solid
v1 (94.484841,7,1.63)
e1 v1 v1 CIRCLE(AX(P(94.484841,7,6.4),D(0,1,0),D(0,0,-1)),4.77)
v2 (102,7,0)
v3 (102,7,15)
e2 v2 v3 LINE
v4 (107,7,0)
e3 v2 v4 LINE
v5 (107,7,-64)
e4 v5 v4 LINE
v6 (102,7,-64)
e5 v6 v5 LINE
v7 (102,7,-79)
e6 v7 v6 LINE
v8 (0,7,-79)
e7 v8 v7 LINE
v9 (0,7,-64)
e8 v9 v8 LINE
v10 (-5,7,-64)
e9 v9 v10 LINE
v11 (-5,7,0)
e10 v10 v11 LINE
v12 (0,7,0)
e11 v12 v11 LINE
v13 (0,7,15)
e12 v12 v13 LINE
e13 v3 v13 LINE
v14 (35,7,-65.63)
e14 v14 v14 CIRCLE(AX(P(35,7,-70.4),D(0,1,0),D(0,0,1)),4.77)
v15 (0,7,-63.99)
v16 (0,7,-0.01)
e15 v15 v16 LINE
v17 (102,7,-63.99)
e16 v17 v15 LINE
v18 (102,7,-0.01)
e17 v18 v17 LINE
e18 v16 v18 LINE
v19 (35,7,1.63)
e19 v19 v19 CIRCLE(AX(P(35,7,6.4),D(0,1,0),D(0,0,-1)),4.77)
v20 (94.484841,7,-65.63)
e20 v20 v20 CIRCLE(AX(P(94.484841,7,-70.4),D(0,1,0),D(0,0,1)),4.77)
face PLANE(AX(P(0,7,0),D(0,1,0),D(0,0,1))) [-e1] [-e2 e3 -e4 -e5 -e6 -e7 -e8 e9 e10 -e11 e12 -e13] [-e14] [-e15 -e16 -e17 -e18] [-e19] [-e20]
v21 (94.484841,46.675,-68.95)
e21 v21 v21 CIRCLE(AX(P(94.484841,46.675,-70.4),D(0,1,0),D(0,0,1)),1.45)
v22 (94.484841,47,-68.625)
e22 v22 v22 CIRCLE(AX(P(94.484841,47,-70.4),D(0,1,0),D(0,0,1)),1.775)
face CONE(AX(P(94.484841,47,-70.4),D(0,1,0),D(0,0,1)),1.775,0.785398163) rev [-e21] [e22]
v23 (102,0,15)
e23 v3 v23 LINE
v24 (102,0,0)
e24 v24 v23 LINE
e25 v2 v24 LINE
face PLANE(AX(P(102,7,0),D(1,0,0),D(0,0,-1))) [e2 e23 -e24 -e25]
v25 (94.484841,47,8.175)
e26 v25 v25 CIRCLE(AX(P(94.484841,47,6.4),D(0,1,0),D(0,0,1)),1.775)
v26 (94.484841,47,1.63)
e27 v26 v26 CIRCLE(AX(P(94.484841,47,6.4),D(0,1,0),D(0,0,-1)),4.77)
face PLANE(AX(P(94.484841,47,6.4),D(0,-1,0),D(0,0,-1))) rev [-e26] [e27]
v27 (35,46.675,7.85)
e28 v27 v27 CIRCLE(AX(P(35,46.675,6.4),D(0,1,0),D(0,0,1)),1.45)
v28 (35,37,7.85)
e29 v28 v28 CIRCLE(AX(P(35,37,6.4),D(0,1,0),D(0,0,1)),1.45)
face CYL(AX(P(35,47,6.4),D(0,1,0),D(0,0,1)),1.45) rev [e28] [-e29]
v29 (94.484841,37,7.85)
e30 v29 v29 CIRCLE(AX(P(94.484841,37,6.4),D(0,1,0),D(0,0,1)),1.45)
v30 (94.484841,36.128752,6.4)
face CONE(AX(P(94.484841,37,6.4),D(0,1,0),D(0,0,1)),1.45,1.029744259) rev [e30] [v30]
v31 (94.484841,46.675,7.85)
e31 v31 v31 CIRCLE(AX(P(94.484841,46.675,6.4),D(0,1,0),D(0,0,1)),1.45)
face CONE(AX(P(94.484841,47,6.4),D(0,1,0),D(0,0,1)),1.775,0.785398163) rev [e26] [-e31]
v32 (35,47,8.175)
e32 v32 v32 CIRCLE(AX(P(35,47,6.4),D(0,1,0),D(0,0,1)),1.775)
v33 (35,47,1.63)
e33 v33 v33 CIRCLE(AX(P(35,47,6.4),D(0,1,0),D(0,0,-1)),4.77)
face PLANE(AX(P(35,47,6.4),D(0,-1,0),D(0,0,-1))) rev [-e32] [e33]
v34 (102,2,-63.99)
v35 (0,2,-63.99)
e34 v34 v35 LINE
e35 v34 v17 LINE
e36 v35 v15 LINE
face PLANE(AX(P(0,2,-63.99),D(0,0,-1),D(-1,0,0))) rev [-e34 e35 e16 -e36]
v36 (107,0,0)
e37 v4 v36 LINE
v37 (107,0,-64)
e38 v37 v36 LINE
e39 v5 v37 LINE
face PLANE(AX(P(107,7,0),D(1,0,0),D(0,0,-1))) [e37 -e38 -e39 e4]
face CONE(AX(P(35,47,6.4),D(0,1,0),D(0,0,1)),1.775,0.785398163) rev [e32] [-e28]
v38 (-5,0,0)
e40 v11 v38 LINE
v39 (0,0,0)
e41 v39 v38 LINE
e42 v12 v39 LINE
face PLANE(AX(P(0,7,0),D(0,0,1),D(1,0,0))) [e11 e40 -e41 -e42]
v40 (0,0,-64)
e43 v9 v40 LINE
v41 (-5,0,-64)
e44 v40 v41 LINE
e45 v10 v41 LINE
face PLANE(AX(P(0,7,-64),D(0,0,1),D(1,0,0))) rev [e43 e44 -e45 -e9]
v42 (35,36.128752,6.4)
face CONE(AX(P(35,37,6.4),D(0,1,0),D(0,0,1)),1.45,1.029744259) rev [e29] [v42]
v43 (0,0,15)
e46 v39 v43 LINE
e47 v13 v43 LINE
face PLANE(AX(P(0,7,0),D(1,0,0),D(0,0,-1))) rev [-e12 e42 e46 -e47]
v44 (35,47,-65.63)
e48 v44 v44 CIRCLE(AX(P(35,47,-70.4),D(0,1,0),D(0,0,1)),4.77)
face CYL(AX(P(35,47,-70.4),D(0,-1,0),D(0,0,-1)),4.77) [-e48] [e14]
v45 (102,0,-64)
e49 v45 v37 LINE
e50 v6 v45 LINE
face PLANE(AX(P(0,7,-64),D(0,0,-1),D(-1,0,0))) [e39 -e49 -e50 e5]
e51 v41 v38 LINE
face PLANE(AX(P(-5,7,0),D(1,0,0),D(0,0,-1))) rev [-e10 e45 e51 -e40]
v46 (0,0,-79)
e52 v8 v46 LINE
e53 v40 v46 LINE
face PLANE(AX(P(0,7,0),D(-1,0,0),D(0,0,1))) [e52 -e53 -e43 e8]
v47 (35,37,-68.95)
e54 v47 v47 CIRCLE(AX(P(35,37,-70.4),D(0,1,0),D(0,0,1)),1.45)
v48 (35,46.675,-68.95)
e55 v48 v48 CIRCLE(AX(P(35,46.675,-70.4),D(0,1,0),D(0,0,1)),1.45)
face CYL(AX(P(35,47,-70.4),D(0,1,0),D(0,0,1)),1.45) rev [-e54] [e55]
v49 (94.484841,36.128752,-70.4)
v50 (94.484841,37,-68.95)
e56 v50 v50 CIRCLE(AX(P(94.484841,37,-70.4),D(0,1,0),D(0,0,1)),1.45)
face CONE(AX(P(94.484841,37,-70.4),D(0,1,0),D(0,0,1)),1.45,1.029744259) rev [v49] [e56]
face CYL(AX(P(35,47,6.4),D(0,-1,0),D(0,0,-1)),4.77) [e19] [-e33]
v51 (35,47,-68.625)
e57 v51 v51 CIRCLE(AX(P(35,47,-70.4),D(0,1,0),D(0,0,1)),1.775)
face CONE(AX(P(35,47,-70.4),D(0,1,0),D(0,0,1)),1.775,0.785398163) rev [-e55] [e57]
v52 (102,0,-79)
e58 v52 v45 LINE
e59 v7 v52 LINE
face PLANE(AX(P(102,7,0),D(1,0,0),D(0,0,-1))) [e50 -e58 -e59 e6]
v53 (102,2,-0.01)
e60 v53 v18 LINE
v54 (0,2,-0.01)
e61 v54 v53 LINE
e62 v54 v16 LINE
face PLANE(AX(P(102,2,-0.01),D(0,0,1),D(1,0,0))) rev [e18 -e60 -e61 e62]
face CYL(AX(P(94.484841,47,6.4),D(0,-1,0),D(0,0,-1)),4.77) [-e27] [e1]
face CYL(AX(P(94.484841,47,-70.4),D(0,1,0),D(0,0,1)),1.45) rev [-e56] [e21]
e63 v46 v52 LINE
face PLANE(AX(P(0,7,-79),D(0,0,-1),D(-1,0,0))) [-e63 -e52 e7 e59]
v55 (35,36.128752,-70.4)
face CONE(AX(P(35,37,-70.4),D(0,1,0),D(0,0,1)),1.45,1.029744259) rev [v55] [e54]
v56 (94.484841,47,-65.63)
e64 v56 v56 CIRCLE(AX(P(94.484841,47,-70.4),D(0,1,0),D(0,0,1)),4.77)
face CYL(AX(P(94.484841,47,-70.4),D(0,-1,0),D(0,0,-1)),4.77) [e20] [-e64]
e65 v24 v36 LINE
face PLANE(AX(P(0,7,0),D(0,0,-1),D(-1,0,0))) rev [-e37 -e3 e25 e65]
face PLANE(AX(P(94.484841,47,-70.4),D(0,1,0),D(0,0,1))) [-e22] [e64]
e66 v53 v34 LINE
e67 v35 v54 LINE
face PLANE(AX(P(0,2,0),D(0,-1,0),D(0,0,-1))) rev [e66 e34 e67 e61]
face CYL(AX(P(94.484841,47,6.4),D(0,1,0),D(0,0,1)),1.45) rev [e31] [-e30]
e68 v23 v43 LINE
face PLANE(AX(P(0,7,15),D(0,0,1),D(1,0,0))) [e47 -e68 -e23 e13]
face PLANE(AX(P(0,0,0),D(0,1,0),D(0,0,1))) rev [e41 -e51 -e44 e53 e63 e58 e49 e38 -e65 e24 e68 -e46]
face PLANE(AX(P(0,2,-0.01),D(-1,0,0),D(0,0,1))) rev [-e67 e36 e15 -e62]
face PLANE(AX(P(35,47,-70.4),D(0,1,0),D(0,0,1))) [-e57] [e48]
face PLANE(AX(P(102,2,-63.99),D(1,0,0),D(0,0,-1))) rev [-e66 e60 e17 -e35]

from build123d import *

# Parameters (mm, degrees)
EXTRUDE_7_DEPTH                = 7
SKETCH_3_W                     = 102
SKETCH_3_H                     = 63.98
CUT_EXTRUDE_5_DEPTH            = 5
SKETCH_11_R                    = 4.77
EXTRUDE_8_DEPTH                = 40
HOLE_WIZARD_M3_5_2_D           = 2.9
HOLE_WIZARD_M3_5_2_DEPTH       = 10
HOLE_WIZARD_M3_5_2_CSINK_D     = 3.55
HOLE_WIZARD_M3_5_2_CSINK_ANGLE = 90
HOLE_WIZARD_M3_5_2_TIP         = 0.871247898


with BuildPart() as part:
    # 草图1 → 凸台-拉伸7 (new body)
    with BuildSketch(Plane(origin=(0, 0, 0), x_dir=(1, 0, 0), z_dir=(0, 1, 0))):
        Polygon((0, 64), (0, 79), (102, 79), (102, 64), (107, 64), (107, 0), (102, 0), (102, -15), (0, -15), (0, 0), (-5, 0), (-5, 64), align=None)
    extrude(amount=EXTRUDE_7_DEPTH)

    # 草图3 → 切除-拉伸5 (cut)
    with BuildSketch(Plane(origin=(0, 7, 0), x_dir=(1, 0, 0), z_dir=(0, 1, 0))):
        with Locations((51, 32)):
            Rectangle(SKETCH_3_W, SKETCH_3_H)
    extrude(amount=-CUT_EXTRUDE_5_DEPTH, mode=Mode.SUBTRACT)

    # 草图11 → 凸台-拉伸8 (add)
    with BuildSketch(Plane(origin=(0, 7, 0), x_dir=(1, 0, 0), z_dir=(0, 1, 0))):
        with Locations(Location((35, 70.4, 0), (0, 0, 270))):
            Circle(SKETCH_11_R)
        with Locations(Location((94.484841374, 70.4, 0), (0, 0, 270))):
            Circle(SKETCH_11_R)
        with Locations(Location((94.484841374, -6.4, 0), (0, 0, 90))):
            Circle(SKETCH_11_R)
        with Locations(Location((35, -6.4, 0), (0, 0, 90))):
            Circle(SKETCH_11_R)
    extrude(amount=EXTRUDE_8_DEPTH)

    # M3.5 螺纹孔2
    with Locations(Plane(origin=(35, 47, -70.4), x_dir=(0, 0, 1), z_dir=(0, 1, 0))):
        with Locations((0, 0), (0, 59.484841374), (76.8, 59.484841374), (76.8, 0)):
            CounterSinkHole(HOLE_WIZARD_M3_5_2_D / 2, HOLE_WIZARD_M3_5_2_CSINK_D / 2, depth=HOLE_WIZARD_M3_5_2_DEPTH, counter_sink_angle=HOLE_WIZARD_M3_5_2_CSINK_ANGLE)
            with Locations((0, 0, -(HOLE_WIZARD_M3_5_2_DEPTH + HOLE_WIZARD_M3_5_2_TIP / 2))):  # 118° drill point
                Cone(0, HOLE_WIZARD_M3_5_2_D / 2, HOLE_WIZARD_M3_5_2_TIP, mode=Mode.SUBTRACT)


solid = part.part
